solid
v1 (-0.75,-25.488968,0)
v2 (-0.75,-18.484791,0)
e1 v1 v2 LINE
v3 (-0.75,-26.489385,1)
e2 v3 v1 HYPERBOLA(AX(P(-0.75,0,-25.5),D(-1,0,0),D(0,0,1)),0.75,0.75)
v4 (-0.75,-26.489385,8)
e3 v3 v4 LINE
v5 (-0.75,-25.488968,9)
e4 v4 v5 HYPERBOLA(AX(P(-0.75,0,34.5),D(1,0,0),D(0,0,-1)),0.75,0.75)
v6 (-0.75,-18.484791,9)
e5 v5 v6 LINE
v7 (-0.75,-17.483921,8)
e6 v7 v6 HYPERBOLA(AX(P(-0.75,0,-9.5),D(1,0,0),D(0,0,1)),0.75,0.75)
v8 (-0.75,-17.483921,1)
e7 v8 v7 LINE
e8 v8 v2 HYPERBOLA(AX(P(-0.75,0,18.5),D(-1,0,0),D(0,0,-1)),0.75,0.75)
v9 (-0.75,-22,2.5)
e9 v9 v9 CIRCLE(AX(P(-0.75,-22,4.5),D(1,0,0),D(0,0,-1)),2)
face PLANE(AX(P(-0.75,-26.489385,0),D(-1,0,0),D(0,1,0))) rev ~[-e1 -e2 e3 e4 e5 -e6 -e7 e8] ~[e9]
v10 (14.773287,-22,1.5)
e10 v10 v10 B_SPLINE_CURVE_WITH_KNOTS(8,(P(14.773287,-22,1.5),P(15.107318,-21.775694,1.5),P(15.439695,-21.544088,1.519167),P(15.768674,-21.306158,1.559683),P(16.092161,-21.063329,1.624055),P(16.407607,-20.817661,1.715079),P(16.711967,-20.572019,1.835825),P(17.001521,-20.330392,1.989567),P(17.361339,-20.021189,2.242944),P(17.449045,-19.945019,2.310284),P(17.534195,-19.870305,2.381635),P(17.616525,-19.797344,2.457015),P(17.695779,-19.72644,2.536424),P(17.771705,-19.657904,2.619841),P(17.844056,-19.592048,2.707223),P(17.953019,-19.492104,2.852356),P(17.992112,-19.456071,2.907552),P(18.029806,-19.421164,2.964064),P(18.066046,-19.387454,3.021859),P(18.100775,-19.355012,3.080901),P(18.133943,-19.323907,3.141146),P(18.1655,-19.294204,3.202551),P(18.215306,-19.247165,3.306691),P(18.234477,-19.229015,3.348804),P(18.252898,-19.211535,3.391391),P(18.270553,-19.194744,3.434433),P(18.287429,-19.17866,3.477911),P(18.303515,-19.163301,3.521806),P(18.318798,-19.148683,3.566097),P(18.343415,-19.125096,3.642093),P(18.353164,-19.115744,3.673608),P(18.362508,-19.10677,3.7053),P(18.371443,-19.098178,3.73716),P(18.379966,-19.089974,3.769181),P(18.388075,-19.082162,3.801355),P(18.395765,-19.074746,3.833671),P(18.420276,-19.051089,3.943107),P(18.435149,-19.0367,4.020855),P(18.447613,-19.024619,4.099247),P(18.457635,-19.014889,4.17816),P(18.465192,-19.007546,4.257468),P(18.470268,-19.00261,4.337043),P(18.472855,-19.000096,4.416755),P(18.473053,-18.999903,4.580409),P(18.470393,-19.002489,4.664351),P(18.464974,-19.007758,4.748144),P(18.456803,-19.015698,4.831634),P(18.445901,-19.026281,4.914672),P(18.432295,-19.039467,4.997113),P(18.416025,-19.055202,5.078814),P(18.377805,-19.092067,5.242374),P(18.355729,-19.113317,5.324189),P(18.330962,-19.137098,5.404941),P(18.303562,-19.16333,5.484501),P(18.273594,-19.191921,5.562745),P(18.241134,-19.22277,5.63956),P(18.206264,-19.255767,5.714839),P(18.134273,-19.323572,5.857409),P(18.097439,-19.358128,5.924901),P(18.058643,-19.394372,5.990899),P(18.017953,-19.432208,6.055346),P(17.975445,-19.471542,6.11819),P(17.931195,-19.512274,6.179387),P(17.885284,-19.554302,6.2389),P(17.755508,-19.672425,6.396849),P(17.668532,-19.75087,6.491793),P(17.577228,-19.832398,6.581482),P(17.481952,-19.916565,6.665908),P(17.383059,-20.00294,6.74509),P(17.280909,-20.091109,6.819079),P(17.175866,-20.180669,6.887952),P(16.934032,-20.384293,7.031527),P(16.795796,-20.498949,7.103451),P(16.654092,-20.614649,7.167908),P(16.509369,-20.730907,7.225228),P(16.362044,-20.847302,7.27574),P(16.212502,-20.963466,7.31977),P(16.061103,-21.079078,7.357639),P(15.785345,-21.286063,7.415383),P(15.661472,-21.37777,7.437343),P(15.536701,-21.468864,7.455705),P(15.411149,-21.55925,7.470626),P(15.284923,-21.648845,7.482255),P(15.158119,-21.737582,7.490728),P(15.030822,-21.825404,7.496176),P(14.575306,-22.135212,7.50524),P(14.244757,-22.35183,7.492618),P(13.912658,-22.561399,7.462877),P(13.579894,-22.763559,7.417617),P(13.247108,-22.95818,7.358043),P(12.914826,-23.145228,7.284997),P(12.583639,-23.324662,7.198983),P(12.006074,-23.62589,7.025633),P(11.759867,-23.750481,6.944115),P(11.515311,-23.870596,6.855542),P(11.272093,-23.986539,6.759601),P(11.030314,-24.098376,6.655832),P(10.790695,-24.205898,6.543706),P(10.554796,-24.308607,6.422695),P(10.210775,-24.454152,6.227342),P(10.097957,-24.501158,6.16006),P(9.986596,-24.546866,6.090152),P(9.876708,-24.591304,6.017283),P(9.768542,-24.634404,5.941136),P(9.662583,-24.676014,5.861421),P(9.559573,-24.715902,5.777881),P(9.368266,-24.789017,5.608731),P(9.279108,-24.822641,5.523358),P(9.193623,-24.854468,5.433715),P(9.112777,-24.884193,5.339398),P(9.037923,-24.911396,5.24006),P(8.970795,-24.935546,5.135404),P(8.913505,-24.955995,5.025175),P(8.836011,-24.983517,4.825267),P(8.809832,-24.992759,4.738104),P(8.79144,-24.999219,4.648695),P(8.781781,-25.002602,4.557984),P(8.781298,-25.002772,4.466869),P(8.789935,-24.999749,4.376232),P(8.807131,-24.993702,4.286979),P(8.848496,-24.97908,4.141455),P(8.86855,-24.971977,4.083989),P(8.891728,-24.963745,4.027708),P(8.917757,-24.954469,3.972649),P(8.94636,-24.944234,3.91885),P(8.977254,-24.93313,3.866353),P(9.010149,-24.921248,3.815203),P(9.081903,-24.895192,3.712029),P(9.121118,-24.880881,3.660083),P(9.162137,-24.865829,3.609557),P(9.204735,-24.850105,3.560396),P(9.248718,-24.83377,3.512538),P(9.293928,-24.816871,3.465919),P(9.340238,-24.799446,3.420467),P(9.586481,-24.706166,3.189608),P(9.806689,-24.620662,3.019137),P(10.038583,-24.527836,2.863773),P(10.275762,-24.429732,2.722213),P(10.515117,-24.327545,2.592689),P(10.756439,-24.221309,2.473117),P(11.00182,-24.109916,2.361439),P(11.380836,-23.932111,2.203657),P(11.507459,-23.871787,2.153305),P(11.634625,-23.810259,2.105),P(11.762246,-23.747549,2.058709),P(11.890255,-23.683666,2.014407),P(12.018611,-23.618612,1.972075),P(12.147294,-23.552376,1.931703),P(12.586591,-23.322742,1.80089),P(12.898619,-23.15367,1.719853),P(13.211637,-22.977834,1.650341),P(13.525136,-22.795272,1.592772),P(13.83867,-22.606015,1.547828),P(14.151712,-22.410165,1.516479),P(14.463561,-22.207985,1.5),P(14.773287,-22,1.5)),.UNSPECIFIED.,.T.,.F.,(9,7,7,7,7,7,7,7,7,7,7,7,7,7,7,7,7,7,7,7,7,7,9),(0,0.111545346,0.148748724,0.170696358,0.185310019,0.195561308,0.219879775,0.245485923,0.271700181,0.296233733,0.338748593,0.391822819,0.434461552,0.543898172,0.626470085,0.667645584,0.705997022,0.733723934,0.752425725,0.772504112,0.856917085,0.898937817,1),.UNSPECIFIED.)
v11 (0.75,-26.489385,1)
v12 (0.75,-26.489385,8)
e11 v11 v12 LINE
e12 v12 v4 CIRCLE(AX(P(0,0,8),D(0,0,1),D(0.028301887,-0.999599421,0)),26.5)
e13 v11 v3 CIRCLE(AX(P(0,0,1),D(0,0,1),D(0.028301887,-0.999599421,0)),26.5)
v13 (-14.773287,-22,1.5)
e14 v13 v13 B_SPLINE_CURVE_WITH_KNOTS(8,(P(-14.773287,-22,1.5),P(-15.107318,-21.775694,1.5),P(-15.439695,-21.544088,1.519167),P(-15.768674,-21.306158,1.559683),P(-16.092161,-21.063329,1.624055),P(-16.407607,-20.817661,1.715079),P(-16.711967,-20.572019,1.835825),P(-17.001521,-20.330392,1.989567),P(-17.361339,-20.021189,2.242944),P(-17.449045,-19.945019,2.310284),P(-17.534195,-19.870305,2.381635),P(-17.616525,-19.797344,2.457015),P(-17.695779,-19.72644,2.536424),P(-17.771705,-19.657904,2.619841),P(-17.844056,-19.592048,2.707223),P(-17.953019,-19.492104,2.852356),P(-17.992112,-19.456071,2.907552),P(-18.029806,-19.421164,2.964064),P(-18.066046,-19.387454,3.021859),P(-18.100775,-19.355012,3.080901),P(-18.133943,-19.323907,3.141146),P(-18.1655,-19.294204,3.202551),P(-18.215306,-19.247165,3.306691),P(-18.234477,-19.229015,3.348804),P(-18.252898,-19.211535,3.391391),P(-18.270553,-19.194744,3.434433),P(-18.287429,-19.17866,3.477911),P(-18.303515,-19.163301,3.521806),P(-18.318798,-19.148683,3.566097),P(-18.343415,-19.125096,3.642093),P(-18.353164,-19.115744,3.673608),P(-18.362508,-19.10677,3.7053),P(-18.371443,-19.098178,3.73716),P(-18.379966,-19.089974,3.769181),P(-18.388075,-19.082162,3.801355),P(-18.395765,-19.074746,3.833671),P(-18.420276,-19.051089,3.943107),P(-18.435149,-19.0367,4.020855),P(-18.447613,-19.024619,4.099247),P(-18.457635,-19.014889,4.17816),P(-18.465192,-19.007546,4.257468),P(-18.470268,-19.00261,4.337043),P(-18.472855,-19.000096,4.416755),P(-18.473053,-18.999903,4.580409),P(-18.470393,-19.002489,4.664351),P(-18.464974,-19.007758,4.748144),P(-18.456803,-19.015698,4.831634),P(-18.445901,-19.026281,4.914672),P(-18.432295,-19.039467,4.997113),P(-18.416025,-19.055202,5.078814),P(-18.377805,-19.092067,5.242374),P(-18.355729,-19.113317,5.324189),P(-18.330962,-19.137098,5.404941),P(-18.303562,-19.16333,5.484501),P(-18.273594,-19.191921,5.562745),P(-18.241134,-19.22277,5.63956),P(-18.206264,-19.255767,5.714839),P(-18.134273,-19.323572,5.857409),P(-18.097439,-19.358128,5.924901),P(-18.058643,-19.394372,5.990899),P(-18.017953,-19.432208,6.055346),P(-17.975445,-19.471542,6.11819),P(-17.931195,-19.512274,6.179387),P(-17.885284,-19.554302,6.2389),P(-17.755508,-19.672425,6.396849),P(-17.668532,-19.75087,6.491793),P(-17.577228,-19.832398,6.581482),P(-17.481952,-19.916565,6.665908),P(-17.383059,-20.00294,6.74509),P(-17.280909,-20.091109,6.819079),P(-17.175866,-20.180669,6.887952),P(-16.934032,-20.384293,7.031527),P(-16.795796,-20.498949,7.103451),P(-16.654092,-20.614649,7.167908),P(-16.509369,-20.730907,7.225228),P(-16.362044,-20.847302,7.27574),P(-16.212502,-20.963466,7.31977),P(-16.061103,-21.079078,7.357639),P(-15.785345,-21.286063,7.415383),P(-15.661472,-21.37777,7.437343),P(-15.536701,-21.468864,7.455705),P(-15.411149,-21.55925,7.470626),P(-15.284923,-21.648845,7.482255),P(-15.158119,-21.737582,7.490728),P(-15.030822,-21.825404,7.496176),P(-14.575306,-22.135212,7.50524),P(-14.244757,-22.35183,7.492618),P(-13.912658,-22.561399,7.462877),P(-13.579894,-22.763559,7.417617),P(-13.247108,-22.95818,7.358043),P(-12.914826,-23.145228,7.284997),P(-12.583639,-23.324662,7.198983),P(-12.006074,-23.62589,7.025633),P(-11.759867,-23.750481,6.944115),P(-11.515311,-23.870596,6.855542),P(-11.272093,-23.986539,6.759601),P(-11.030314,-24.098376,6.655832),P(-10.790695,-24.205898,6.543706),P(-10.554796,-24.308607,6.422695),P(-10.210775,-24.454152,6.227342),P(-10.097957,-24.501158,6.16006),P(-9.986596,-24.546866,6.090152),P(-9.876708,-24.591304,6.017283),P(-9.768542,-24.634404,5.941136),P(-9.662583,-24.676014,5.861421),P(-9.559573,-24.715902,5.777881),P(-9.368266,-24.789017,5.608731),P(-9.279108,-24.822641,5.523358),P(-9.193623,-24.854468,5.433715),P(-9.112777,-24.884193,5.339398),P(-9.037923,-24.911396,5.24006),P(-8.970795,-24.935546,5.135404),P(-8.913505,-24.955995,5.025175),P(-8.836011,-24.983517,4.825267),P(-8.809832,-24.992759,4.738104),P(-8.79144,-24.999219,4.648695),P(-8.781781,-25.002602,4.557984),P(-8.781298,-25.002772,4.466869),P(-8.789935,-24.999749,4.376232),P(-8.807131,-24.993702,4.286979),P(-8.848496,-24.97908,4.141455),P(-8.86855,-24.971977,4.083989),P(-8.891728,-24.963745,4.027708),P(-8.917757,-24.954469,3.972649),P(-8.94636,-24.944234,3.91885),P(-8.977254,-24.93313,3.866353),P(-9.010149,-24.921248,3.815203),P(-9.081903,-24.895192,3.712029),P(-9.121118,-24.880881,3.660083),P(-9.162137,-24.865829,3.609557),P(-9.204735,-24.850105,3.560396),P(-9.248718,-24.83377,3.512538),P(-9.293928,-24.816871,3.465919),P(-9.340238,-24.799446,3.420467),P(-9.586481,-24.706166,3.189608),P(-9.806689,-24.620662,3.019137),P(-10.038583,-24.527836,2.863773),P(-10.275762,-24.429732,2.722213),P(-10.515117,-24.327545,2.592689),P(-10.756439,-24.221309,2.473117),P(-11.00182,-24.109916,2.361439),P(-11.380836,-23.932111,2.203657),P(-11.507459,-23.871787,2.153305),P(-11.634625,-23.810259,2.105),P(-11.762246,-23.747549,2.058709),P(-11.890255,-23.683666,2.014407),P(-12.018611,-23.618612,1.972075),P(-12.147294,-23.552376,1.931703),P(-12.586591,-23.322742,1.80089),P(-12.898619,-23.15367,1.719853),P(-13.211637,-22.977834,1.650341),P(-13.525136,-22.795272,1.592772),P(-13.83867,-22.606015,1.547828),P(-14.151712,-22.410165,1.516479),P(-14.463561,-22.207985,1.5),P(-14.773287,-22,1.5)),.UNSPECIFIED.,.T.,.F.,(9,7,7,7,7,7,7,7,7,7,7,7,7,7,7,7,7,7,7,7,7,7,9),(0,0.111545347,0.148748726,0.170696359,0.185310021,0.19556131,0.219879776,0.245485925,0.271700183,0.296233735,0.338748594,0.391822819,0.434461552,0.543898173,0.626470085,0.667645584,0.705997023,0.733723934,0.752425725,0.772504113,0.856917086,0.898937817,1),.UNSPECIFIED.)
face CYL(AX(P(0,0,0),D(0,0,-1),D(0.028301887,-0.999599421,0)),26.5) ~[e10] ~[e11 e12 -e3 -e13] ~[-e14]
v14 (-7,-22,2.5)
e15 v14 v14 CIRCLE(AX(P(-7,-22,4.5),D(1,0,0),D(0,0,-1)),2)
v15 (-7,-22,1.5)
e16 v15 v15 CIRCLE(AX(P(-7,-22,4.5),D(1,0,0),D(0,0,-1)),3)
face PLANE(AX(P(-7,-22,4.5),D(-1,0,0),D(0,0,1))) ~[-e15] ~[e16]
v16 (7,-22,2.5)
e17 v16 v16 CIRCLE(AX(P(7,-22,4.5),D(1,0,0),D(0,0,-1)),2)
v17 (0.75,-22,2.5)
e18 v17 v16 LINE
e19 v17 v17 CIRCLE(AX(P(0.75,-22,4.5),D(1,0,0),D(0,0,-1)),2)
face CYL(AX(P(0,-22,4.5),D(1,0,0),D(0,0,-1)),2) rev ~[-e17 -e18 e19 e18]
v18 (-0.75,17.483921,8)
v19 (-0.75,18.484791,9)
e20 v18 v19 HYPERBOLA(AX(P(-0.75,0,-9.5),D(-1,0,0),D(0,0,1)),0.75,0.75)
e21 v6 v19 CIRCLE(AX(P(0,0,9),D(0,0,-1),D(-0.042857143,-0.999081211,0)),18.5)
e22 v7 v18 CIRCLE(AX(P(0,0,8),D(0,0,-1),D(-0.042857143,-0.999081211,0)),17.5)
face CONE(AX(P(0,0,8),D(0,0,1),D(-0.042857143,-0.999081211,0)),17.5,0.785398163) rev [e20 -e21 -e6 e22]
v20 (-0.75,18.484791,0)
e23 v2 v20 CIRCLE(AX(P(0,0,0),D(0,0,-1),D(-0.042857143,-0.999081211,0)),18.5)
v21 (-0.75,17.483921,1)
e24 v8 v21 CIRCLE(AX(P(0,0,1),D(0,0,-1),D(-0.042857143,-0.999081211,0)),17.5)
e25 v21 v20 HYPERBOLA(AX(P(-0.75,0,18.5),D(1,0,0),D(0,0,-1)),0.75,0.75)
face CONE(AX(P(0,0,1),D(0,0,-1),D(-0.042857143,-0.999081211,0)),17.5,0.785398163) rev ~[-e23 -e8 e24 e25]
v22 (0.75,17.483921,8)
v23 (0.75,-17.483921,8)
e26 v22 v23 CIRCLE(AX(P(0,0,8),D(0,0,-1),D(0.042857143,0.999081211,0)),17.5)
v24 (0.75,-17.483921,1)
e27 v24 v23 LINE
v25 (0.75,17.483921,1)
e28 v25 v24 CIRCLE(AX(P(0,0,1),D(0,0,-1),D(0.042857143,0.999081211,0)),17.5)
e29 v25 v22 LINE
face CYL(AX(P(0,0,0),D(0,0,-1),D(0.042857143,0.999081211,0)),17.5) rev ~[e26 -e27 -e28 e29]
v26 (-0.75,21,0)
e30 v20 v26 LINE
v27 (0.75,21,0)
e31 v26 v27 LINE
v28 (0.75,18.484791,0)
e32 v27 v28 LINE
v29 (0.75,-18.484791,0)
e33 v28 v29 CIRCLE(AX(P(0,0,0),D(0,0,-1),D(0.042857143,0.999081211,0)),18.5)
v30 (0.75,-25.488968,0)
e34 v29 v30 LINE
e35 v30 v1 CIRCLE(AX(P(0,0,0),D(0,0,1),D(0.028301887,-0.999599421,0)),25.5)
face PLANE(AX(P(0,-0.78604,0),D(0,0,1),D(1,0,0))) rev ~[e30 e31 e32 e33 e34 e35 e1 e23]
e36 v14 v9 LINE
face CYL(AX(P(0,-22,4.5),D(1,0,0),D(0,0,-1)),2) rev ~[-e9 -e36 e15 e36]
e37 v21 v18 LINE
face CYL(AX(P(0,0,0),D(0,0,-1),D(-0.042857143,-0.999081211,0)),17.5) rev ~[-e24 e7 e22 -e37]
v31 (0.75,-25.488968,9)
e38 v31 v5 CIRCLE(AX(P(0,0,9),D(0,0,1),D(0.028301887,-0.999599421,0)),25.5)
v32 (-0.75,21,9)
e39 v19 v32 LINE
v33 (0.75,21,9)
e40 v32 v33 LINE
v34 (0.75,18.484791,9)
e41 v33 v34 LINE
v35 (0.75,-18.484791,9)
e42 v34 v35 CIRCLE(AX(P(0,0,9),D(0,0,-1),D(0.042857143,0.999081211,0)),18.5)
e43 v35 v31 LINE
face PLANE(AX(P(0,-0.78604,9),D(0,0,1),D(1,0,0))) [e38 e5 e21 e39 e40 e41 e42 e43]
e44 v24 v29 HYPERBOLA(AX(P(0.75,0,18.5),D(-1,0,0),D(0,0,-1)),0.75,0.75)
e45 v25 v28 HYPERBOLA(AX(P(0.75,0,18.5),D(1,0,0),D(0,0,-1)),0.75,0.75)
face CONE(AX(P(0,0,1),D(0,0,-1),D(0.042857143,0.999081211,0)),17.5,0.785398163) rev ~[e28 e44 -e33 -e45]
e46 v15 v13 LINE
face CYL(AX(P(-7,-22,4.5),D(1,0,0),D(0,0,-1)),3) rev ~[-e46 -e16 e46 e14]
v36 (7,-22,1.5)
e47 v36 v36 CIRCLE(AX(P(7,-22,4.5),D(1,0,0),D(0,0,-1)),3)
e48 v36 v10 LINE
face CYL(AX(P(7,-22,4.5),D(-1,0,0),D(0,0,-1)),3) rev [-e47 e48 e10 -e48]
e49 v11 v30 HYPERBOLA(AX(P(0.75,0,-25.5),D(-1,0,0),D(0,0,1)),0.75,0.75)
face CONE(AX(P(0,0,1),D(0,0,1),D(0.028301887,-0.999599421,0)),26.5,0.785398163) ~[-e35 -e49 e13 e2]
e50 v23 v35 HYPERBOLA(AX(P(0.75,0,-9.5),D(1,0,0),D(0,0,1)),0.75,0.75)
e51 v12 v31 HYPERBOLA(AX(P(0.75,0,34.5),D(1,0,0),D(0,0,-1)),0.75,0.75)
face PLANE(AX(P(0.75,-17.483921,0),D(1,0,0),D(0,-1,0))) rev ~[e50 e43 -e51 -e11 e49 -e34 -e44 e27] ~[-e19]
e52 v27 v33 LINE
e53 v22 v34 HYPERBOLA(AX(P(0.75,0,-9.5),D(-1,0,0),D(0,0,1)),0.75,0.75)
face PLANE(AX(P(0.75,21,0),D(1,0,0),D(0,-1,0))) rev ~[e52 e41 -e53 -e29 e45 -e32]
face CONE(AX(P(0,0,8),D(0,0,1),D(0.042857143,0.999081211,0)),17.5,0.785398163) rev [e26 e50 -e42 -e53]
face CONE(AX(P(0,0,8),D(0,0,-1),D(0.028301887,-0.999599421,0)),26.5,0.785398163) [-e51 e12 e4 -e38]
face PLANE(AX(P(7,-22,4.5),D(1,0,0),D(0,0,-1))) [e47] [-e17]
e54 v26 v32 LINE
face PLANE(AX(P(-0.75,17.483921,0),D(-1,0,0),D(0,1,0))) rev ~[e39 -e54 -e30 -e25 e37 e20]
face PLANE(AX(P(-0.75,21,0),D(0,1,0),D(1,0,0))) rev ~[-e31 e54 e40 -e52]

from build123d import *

# Parameters (mm, degrees)
BOSS_EXTRUDE1_DEPTH = 9
CHAMFER1_SIZE       = 1
SKETCH2_R           = 2
CUT_EXTRUDE1_DEPTH  = 7
SKETCH3_R           = 3
CUT_EXTRUDE2_DEPTH  = 20.5


with BuildPart() as part:
    # Sketch1 → Boss-Extrude1 (new body)
    with BuildSketch(Plane.XY):
        with BuildLine():
            Line((-0.75, 21), (0.75, 21))
            Line((0.75, 21), (0.75, 17.483921185))
            ThreePointArc((0.75, 17.483921185), (17.5, 0), (0.75, -17.483921185))
            Line((0.75, -17.483921185), (0.75, -26.489384666))
            ThreePointArc((0.75, -26.489384666), (0, 26.5), (-0.75, -26.489384666))
            Line((-0.75, -26.489384666), (-0.75, -17.483921185))
            ThreePointArc((-0.75, -17.483921185), (-17.5, 0), (-0.75, 17.483921185))
            Line((-0.75, 17.483921185), (-0.75, 21))
        make_face()
    extrude(amount=BOSS_EXTRUDE1_DEPTH)

    # Chamfer1
    chamfer1_edges = [part.edges().sort_by_distance(p)[0] for p in [
        (0, 26.5, 0),
        (17.5, 0, 0),
        (0, 26.5, 9),
        (-17.5, 0, 9),
        (17.5, 0, 9),
        (-17.5, 0, 0),
    ]]
    chamfer(chamfer1_edges, length=CHAMFER1_SIZE)

    # Sketch2 → Cut-Extrude1 (cut, symmetric)
    with BuildSketch(Plane(origin=(0, 0, 0), x_dir=(0, 0, -1), z_dir=(1, 0, 0))):
        with Locations((-4.5, -22)):
            Circle(SKETCH2_R)
    extrude(amount=CUT_EXTRUDE1_DEPTH, both=True, mode=Mode.SUBTRACT)

    # Sketch3 → Cut-Extrude2 (cut, through all)
    with BuildSketch(Plane(origin=(7, 0, 0), x_dir=(0, 0, -1), z_dir=(1, 0, 0))):
        with Locations((-4.5, -22)):
            Circle(SKETCH3_R)
    cut_extrude2 = extrude(amount=CUT_EXTRUDE2_DEPTH, mode=Mode.SUBTRACT)

    # Mirror1: Cut-Extrude2 across plane
    add(cut_extrude2.mirror(Plane(origin=(0, 0, 0), x_dir=(0, 0, 1), z_dir=(1, 0, 0))), mode=Mode.SUBTRACT)


solid = part.part
